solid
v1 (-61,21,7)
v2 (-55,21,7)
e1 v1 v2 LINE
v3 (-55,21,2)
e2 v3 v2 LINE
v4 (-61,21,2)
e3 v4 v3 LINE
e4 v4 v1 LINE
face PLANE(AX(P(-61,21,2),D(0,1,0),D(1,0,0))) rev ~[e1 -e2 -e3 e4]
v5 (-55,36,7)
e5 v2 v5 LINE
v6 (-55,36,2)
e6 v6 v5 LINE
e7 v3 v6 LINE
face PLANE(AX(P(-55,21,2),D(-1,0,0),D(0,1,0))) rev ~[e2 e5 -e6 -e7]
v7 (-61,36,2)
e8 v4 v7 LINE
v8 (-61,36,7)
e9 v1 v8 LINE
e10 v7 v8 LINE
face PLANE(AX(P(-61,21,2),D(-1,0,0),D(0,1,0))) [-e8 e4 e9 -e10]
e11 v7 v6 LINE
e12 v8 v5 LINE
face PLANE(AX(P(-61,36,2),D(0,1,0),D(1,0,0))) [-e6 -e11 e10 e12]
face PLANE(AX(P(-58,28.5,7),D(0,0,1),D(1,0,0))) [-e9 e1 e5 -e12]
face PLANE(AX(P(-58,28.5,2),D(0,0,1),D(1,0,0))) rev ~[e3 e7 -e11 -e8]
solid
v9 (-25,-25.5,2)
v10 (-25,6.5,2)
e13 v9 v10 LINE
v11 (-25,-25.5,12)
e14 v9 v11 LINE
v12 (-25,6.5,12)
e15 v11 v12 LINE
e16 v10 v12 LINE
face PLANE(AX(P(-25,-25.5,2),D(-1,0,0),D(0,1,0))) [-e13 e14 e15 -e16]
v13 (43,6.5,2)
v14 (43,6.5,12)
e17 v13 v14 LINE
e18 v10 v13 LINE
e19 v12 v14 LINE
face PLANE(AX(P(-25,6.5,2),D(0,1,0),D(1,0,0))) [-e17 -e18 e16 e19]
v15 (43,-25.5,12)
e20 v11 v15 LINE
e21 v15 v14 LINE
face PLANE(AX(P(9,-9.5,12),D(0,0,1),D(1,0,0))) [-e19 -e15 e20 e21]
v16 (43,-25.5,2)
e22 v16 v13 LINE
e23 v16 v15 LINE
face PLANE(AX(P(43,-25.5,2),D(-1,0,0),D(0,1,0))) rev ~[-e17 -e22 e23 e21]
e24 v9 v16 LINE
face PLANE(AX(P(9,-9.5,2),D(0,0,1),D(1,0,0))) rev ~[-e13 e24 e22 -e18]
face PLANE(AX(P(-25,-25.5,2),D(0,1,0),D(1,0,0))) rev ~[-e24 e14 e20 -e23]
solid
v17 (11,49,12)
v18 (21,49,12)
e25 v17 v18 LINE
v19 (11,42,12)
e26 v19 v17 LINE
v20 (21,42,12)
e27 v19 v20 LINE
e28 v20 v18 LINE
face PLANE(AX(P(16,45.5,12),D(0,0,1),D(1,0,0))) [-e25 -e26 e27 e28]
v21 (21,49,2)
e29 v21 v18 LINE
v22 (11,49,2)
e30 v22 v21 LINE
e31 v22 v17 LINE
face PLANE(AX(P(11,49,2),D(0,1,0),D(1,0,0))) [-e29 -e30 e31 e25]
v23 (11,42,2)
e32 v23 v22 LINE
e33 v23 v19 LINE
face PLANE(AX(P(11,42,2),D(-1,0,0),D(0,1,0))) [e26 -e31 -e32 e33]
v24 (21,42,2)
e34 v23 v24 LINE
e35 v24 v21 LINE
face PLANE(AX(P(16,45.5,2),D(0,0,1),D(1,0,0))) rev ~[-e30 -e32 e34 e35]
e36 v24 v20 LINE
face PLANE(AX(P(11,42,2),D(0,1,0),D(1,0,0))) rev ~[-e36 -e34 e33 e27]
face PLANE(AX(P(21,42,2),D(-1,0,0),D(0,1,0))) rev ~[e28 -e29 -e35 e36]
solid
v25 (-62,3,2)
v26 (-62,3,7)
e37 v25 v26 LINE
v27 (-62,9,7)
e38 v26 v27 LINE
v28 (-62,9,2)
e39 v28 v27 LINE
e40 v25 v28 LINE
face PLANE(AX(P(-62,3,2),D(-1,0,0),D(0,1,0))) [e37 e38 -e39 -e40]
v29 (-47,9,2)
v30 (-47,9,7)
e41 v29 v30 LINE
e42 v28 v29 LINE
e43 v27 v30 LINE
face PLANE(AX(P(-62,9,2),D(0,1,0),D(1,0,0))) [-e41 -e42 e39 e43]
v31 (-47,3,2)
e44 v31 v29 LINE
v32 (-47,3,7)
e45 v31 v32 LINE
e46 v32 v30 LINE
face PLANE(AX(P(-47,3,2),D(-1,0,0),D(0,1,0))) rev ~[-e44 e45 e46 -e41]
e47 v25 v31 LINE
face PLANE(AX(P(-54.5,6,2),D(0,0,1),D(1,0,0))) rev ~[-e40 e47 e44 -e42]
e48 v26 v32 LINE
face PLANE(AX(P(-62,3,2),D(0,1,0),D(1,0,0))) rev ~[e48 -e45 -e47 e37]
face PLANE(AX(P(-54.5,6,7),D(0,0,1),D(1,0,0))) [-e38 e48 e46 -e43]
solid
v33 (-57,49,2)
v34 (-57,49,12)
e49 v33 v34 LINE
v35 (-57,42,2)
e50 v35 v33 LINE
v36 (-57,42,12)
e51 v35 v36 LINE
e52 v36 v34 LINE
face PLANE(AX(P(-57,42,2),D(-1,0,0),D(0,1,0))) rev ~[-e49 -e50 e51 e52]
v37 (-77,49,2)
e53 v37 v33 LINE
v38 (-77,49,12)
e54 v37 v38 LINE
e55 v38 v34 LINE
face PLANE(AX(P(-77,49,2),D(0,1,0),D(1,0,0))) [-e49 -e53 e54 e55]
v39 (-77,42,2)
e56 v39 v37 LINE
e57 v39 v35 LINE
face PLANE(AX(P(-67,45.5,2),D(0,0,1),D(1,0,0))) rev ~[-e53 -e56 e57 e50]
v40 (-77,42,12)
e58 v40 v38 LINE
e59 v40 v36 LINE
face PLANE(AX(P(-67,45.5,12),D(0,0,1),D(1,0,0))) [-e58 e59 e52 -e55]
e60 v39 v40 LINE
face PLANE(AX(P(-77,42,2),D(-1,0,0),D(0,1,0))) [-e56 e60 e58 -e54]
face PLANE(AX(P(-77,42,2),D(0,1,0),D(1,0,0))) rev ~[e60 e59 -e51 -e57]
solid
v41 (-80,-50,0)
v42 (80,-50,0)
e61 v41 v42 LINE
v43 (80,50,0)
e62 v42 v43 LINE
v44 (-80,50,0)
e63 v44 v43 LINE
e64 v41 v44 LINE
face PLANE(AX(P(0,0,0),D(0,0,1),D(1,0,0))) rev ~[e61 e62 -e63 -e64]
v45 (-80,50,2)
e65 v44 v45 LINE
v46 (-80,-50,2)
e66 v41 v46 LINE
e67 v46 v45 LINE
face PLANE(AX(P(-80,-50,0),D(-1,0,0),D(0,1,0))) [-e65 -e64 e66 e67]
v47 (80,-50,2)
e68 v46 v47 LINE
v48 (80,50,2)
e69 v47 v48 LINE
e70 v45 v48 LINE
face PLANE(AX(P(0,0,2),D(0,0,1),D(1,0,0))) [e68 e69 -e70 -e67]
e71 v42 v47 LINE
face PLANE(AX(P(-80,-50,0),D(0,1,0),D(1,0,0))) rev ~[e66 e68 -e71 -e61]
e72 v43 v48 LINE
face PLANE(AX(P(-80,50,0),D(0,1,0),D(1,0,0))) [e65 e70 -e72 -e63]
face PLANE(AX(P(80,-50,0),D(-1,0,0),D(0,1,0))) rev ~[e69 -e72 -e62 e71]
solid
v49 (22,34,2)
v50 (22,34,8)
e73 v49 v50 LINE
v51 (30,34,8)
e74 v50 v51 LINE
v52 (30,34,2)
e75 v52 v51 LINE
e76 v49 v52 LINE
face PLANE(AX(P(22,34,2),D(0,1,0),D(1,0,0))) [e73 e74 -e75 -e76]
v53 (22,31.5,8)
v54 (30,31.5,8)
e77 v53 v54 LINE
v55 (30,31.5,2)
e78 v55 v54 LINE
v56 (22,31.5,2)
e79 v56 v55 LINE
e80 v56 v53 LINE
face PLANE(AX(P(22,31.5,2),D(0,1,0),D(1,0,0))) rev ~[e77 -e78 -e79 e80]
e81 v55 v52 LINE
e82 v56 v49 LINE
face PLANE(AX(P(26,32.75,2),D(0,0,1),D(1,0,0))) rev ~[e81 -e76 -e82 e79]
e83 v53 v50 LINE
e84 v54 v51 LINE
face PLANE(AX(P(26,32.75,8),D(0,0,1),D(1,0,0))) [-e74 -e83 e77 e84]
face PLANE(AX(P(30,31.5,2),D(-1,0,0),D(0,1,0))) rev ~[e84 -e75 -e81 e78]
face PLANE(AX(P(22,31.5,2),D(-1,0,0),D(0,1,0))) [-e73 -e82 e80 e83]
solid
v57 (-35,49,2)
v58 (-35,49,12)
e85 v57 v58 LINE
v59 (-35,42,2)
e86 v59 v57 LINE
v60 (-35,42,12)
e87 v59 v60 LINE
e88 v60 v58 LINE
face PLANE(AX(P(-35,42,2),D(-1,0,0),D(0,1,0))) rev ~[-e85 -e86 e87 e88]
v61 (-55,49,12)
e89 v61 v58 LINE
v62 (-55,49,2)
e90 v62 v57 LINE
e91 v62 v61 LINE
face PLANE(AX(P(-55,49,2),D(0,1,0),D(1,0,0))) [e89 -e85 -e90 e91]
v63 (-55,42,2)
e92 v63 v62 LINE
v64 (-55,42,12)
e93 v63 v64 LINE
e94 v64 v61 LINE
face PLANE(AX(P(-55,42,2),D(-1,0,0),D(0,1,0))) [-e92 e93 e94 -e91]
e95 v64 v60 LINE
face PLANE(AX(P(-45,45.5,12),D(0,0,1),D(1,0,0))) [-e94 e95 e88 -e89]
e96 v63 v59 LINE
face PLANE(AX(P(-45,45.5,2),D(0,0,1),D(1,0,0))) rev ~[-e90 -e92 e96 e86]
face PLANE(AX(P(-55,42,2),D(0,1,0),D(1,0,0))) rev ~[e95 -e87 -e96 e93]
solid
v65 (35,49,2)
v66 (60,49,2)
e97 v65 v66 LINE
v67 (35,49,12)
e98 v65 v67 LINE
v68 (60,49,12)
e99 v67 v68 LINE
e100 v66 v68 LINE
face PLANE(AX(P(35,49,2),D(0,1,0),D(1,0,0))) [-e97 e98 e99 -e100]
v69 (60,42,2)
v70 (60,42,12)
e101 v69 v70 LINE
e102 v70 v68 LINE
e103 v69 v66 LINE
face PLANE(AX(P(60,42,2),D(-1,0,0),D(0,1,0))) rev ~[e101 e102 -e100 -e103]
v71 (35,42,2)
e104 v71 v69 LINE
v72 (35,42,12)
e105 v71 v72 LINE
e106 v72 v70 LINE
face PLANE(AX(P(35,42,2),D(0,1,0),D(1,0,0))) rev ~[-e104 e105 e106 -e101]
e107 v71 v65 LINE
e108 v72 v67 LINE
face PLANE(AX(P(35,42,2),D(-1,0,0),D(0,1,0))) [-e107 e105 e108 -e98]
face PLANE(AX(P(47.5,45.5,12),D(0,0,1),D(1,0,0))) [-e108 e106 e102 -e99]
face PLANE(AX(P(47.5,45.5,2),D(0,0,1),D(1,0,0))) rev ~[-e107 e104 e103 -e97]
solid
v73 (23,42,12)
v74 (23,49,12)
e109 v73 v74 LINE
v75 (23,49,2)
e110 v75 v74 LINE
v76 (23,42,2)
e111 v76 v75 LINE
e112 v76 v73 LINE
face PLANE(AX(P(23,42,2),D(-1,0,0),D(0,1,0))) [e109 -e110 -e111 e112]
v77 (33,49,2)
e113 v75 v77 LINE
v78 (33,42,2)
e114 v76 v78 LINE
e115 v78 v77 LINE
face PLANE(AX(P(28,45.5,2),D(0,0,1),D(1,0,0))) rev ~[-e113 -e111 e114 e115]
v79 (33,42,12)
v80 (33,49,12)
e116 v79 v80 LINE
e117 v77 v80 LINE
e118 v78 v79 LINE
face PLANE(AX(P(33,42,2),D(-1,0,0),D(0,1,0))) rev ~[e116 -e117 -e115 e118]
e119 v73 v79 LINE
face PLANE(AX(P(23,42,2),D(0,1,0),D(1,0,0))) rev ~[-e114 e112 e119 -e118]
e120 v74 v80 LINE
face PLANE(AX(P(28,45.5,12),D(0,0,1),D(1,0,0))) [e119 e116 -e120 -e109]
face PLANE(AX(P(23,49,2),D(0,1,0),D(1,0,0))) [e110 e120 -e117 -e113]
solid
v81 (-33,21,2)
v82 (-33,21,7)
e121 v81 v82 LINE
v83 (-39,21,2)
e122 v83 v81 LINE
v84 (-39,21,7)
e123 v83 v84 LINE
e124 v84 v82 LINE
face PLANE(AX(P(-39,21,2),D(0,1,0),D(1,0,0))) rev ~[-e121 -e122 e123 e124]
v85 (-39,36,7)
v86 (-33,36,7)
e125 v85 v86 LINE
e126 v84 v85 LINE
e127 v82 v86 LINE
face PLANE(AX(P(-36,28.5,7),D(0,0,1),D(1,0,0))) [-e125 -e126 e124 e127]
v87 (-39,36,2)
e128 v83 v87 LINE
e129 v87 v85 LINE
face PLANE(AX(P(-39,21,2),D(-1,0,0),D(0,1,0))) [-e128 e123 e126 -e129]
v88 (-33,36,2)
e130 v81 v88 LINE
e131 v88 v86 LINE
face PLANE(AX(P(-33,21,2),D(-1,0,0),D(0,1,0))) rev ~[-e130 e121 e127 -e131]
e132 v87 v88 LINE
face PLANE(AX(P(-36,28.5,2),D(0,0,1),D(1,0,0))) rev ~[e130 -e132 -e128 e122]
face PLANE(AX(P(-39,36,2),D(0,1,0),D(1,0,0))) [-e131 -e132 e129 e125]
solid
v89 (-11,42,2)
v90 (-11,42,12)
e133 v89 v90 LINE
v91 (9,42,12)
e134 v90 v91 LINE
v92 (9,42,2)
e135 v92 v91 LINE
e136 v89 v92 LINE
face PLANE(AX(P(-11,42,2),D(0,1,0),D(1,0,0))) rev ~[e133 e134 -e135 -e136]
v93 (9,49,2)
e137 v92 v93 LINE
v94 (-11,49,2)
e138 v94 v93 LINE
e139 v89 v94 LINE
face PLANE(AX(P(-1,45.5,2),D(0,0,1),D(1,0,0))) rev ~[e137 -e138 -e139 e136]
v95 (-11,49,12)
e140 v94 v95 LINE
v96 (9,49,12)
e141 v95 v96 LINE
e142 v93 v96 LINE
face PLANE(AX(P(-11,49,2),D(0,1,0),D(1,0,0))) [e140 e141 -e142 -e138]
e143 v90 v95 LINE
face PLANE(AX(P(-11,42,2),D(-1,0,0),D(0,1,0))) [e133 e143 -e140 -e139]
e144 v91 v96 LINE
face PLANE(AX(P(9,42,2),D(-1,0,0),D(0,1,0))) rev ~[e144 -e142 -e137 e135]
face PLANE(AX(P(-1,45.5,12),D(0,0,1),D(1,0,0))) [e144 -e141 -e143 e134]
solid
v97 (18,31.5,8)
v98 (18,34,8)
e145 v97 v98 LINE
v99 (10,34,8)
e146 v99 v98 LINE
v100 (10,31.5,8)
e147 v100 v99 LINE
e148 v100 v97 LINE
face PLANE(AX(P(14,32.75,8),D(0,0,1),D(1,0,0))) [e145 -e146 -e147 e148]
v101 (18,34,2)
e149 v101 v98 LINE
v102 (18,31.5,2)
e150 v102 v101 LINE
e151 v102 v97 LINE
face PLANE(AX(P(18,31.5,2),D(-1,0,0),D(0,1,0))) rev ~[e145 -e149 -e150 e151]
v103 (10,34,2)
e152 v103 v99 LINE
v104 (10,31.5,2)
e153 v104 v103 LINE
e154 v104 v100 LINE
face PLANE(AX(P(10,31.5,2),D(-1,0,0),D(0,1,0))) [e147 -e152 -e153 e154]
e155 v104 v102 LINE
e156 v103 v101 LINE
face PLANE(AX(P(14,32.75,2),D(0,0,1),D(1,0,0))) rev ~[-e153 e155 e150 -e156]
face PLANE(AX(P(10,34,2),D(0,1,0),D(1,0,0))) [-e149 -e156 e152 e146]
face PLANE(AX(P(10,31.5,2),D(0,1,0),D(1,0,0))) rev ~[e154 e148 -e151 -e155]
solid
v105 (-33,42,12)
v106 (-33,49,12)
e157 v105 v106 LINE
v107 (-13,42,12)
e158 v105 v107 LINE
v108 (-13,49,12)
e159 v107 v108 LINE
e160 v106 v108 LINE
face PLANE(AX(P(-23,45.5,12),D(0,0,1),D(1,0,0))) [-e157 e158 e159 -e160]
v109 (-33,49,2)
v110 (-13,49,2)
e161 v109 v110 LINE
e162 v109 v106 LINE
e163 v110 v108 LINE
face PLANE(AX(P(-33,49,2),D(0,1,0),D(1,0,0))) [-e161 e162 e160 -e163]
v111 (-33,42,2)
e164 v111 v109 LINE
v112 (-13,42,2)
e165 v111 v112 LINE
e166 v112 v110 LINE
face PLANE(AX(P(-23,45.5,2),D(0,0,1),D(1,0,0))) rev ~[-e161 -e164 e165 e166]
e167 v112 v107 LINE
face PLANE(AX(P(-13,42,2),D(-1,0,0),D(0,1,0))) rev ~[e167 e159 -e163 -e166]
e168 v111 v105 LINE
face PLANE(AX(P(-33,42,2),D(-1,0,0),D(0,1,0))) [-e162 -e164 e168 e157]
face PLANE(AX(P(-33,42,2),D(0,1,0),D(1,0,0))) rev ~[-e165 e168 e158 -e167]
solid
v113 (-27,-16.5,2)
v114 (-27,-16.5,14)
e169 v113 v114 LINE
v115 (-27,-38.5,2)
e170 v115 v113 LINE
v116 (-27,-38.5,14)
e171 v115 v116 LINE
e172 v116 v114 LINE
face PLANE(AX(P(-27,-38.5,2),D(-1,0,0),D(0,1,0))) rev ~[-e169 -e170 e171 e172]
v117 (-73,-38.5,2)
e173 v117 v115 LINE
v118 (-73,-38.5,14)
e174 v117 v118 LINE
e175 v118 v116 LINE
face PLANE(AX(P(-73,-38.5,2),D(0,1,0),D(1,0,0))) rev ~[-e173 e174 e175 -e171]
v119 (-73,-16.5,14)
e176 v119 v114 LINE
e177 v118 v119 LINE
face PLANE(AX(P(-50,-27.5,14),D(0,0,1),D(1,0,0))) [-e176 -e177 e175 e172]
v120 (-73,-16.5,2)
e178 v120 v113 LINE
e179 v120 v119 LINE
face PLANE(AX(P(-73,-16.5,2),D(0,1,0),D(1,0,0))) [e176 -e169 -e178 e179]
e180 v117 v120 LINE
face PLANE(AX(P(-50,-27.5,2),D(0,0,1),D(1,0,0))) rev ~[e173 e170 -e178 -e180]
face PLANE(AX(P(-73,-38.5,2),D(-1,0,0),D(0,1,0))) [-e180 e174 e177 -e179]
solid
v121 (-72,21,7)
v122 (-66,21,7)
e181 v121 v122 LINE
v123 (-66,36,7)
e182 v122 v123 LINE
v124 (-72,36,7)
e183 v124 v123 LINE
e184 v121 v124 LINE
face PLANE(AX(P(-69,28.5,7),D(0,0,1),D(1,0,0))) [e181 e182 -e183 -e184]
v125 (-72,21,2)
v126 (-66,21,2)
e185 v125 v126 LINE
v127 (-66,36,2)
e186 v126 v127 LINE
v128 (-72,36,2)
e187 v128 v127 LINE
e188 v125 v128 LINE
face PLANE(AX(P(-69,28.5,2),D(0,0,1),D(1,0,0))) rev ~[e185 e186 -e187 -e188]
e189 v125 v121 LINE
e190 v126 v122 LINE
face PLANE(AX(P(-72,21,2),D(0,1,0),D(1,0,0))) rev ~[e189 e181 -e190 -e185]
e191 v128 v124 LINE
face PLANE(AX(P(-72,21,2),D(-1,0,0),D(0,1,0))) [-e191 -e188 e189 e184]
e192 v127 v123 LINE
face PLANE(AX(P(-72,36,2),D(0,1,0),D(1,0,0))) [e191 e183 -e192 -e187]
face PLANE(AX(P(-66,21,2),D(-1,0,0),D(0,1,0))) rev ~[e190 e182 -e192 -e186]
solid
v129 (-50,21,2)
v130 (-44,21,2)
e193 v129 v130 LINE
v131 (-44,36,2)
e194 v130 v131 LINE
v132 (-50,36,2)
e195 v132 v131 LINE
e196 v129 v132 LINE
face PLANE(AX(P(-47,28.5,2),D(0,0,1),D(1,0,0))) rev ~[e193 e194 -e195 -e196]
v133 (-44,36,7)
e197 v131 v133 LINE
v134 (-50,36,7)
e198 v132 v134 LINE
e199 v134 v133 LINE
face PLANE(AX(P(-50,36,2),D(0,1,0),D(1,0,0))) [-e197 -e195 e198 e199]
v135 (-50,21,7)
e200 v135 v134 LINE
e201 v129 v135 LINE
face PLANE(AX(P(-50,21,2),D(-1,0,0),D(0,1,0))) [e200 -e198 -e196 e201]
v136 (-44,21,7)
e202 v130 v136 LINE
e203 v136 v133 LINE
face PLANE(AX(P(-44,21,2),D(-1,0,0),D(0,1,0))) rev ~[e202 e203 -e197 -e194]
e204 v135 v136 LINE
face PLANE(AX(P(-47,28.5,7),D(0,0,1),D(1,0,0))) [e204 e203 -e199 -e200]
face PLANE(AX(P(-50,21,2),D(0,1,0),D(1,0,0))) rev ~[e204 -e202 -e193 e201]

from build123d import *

# Parameters (mm, degrees)
F0_W      = 160
F0_H      = 100
F1_DEPTH  = 2
F2_W      = 20
F2_H      = 7
F2_W_2    = 10
F2_W_3    = 25
F3_DEPTH  = 10
F4_W      = 6
F4_H      = 15
F4_W_2    = 15
F4_H_2    = 6
F5_DEPTH  = 5
F6_W      = 8
F6_H      = 2.5
F7_DEPTH  = 6
F8_W      = 68
F8_H      = 32
F9_DEPTH  = 10
F10_W     = 46
F10_H     = 22
F11_DEPTH = 12


with BuildPart() as f1:
    # F0 (on Top) → F1 (new body)
    with BuildSketch(Plane.XY):
        Rectangle(F0_W, F0_H)
    extrude(amount=F1_DEPTH)


with BuildPart() as f3:
    # F2 (on face) → F3 (new body)
    with BuildSketch(Plane.XY.offset(2)):
        with Locations((-67, 45.5)):
            Rectangle(F2_W, F2_H)
        with Locations((-45, 45.5)):
            Rectangle(F2_W, F2_H)
        with Locations((-23, 45.5)):
            Rectangle(F2_W, F2_H)
        with Locations((16, 45.5)):
            Rectangle(F2_W_2, F2_H)
        with Locations((-1, 45.5)):
            Rectangle(F2_W, F2_H)
        with Locations((28, 45.5)):
            Rectangle(F2_W_2, F2_H)
        with Locations((47.5, 45.5)):
            Rectangle(F2_W_3, F2_H)
    extrude(amount=F3_DEPTH)


with BuildPart() as f5:
    # F4 (on face) → F5 (new body)
    with BuildSketch(Plane.XY.offset(2)):
        with Locations((-69, 28.5)):
            Rectangle(F4_W, F4_H)
        with Locations((-58, 28.5)):
            Rectangle(F4_W, F4_H)
        with Locations((-47, 28.5)):
            Rectangle(F4_W, F4_H)
        with Locations((-36, 28.5)):
            Rectangle(F4_W, F4_H)
        with Locations((-54.5, 6)):
            Rectangle(F4_W_2, F4_H_2)
    extrude(amount=F5_DEPTH)


with BuildPart() as f7:
    # F6 (on face) → F7 (new body)
    with BuildSketch(Plane.XY.offset(2)):
        with Locations((14, 32.75)):
            Rectangle(F6_W, F6_H)
        with Locations((26, 32.75)):
            Rectangle(F6_W, F6_H)
    extrude(amount=F7_DEPTH)


with BuildPart() as f9:
    # F8 (on face) → F9 (new body)
    with BuildSketch(Plane.XY.offset(2)):
        with Locations((9, -9.5)):
            Rectangle(F8_W, F8_H)
    extrude(amount=F9_DEPTH)


with BuildPart() as f11:
    # F10 (on face) → F11 (new body)
    with BuildSketch(Plane.XY.offset(2)):
        with Locations((-50, -27.5)):
            Rectangle(F10_W, F10_H)
    extrude(amount=F11_DEPTH)


solid = Compound([f1.part, f3.part, f5.part, f7.part, f9.part, f11.part])
